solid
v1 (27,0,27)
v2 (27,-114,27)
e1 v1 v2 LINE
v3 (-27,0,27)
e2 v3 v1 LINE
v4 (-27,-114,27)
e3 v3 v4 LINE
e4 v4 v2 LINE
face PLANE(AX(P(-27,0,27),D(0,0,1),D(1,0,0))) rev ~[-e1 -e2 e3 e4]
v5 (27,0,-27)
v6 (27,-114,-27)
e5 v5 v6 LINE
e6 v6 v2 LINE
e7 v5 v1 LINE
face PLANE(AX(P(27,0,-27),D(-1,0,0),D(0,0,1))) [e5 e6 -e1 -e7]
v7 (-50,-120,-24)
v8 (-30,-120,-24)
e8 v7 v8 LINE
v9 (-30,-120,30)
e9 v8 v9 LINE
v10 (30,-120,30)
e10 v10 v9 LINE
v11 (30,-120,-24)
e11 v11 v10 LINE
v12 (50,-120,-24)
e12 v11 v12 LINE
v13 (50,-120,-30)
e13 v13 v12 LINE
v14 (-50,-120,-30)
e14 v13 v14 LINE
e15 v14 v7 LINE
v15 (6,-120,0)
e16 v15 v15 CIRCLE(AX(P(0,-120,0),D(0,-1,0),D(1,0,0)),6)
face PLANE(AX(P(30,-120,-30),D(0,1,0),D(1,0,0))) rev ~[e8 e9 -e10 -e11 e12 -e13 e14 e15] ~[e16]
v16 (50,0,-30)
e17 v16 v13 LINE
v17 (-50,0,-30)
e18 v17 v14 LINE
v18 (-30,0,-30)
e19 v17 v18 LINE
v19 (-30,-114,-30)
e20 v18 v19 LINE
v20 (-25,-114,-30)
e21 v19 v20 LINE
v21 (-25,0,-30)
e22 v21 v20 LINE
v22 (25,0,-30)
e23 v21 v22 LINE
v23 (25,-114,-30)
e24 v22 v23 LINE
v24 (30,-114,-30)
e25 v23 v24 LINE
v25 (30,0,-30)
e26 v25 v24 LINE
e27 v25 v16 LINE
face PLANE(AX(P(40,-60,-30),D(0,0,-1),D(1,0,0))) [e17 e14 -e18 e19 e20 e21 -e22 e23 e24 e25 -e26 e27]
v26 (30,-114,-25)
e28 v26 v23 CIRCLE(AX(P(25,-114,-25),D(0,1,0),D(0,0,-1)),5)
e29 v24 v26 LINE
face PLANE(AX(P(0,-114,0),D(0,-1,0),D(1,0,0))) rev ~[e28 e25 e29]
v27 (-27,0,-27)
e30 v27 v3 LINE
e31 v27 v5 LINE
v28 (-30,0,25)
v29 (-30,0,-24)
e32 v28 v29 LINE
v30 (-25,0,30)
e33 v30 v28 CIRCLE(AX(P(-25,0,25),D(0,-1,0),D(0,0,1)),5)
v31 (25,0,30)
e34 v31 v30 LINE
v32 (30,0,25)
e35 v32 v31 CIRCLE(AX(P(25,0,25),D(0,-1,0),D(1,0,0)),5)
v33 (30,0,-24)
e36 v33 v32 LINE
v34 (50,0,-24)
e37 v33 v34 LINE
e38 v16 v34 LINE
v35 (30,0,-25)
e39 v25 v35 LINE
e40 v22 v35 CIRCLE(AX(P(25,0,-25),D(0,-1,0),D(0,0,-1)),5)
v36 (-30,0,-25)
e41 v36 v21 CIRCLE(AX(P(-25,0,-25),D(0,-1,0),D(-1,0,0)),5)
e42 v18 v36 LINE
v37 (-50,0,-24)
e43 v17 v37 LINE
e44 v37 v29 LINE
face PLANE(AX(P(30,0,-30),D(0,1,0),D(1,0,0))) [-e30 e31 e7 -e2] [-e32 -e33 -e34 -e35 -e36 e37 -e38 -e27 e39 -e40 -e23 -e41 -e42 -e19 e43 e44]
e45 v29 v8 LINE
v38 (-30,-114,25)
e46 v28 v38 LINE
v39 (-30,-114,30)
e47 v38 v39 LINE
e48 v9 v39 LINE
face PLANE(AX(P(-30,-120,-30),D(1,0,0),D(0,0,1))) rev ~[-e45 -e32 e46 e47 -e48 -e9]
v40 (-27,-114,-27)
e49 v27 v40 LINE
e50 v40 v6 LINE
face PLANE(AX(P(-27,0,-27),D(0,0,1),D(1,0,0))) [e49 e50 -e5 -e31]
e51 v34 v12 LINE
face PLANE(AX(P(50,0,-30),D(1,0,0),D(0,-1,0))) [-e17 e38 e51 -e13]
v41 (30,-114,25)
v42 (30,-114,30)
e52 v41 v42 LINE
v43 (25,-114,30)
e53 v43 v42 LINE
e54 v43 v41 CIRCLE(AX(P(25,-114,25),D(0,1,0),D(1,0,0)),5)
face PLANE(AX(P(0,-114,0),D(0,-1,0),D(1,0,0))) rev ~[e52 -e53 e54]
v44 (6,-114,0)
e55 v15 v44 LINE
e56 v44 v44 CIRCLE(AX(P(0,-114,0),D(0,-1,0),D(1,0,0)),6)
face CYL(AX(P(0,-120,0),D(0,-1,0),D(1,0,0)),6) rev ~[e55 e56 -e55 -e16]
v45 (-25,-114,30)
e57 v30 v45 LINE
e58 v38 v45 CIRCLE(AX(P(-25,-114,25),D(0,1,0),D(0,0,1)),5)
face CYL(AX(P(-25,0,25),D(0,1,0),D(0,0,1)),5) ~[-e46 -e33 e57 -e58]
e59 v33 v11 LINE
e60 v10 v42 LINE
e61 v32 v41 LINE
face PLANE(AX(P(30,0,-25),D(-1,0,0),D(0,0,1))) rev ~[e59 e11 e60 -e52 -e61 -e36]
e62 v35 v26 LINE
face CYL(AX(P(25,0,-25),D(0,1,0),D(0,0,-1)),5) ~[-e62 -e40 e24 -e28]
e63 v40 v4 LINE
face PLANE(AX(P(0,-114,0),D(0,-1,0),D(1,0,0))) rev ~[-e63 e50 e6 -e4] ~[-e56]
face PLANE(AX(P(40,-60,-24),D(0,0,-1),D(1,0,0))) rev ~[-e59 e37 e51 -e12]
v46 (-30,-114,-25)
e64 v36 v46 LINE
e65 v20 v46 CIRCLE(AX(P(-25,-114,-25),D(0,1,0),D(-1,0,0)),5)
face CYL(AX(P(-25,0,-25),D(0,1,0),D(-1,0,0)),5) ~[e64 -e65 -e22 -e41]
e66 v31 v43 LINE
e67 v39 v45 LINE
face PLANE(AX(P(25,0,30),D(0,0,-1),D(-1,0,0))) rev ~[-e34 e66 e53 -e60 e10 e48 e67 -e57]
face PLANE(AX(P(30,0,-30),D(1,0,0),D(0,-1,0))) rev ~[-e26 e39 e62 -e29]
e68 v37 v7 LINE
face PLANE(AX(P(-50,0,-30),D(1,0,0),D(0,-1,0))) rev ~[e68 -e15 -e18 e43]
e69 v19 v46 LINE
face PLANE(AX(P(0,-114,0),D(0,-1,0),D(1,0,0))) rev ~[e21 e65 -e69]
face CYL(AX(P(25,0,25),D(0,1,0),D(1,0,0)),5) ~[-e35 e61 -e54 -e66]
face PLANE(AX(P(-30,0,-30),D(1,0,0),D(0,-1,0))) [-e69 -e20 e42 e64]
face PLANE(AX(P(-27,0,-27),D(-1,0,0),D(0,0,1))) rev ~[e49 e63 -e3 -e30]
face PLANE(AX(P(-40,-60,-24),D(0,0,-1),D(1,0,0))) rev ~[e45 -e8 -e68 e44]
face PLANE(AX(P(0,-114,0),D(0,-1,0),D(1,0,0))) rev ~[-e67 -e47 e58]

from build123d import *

# Parameters (mm, degrees)
F0_W     = 54
F0_H     = 54
F1_DEPTH = 120
F2_W     = 60
F2_H     = 60
F2_R     = 6
F3_DEPTH = 6
F4_W     = 20
F4_H     = 120
F5_DEPTH = 6


with BuildPart() as f1:
    # F0 (on Front) → F1 (new body)
    with BuildSketch(Plane.XZ):
        with BuildLine():
            ThreePointArc((30, 25), (28.5355339059, 28.5355339059), (25, 30))
            Line((25, 30), (-25, 30))
            ThreePointArc((-25, 30), (-28.5355339059, 28.5355339059), (-30, 25))
            Line((-30, 25), (-30, -25))
            ThreePointArc((-30, -25), (-28.5355339059, -28.5355339059), (-25, -30))
            Line((-25, -30), (25, -30))
            ThreePointArc((25, -30), (28.5355339059, -28.5355339059), (30, -25))
            Line((30, -25), (30, 25))
        make_face()
        Rectangle(F0_W, F0_H, mode=Mode.SUBTRACT)
    extrude(amount=F1_DEPTH)

    # F2 (on face) → F3 (join)
    with BuildSketch(Plane.XZ.offset(120)):
        Rectangle(F2_W, F2_H)
        Circle(F2_R, mode=Mode.SUBTRACT)
    extrude(amount=-F3_DEPTH)

    # F4 (on face) → F5 (join)
    with BuildSketch(Plane(origin=(0, 0, -30), x_dir=(1, 0, 0), z_dir=(0, 0, -1))):
        with Locations((40, 60)):
            Rectangle(F4_W, F4_H)
        with Locations((-40, 60)):
            Rectangle(F4_W, F4_H)
    extrude(amount=-F5_DEPTH)


solid = f1.part
